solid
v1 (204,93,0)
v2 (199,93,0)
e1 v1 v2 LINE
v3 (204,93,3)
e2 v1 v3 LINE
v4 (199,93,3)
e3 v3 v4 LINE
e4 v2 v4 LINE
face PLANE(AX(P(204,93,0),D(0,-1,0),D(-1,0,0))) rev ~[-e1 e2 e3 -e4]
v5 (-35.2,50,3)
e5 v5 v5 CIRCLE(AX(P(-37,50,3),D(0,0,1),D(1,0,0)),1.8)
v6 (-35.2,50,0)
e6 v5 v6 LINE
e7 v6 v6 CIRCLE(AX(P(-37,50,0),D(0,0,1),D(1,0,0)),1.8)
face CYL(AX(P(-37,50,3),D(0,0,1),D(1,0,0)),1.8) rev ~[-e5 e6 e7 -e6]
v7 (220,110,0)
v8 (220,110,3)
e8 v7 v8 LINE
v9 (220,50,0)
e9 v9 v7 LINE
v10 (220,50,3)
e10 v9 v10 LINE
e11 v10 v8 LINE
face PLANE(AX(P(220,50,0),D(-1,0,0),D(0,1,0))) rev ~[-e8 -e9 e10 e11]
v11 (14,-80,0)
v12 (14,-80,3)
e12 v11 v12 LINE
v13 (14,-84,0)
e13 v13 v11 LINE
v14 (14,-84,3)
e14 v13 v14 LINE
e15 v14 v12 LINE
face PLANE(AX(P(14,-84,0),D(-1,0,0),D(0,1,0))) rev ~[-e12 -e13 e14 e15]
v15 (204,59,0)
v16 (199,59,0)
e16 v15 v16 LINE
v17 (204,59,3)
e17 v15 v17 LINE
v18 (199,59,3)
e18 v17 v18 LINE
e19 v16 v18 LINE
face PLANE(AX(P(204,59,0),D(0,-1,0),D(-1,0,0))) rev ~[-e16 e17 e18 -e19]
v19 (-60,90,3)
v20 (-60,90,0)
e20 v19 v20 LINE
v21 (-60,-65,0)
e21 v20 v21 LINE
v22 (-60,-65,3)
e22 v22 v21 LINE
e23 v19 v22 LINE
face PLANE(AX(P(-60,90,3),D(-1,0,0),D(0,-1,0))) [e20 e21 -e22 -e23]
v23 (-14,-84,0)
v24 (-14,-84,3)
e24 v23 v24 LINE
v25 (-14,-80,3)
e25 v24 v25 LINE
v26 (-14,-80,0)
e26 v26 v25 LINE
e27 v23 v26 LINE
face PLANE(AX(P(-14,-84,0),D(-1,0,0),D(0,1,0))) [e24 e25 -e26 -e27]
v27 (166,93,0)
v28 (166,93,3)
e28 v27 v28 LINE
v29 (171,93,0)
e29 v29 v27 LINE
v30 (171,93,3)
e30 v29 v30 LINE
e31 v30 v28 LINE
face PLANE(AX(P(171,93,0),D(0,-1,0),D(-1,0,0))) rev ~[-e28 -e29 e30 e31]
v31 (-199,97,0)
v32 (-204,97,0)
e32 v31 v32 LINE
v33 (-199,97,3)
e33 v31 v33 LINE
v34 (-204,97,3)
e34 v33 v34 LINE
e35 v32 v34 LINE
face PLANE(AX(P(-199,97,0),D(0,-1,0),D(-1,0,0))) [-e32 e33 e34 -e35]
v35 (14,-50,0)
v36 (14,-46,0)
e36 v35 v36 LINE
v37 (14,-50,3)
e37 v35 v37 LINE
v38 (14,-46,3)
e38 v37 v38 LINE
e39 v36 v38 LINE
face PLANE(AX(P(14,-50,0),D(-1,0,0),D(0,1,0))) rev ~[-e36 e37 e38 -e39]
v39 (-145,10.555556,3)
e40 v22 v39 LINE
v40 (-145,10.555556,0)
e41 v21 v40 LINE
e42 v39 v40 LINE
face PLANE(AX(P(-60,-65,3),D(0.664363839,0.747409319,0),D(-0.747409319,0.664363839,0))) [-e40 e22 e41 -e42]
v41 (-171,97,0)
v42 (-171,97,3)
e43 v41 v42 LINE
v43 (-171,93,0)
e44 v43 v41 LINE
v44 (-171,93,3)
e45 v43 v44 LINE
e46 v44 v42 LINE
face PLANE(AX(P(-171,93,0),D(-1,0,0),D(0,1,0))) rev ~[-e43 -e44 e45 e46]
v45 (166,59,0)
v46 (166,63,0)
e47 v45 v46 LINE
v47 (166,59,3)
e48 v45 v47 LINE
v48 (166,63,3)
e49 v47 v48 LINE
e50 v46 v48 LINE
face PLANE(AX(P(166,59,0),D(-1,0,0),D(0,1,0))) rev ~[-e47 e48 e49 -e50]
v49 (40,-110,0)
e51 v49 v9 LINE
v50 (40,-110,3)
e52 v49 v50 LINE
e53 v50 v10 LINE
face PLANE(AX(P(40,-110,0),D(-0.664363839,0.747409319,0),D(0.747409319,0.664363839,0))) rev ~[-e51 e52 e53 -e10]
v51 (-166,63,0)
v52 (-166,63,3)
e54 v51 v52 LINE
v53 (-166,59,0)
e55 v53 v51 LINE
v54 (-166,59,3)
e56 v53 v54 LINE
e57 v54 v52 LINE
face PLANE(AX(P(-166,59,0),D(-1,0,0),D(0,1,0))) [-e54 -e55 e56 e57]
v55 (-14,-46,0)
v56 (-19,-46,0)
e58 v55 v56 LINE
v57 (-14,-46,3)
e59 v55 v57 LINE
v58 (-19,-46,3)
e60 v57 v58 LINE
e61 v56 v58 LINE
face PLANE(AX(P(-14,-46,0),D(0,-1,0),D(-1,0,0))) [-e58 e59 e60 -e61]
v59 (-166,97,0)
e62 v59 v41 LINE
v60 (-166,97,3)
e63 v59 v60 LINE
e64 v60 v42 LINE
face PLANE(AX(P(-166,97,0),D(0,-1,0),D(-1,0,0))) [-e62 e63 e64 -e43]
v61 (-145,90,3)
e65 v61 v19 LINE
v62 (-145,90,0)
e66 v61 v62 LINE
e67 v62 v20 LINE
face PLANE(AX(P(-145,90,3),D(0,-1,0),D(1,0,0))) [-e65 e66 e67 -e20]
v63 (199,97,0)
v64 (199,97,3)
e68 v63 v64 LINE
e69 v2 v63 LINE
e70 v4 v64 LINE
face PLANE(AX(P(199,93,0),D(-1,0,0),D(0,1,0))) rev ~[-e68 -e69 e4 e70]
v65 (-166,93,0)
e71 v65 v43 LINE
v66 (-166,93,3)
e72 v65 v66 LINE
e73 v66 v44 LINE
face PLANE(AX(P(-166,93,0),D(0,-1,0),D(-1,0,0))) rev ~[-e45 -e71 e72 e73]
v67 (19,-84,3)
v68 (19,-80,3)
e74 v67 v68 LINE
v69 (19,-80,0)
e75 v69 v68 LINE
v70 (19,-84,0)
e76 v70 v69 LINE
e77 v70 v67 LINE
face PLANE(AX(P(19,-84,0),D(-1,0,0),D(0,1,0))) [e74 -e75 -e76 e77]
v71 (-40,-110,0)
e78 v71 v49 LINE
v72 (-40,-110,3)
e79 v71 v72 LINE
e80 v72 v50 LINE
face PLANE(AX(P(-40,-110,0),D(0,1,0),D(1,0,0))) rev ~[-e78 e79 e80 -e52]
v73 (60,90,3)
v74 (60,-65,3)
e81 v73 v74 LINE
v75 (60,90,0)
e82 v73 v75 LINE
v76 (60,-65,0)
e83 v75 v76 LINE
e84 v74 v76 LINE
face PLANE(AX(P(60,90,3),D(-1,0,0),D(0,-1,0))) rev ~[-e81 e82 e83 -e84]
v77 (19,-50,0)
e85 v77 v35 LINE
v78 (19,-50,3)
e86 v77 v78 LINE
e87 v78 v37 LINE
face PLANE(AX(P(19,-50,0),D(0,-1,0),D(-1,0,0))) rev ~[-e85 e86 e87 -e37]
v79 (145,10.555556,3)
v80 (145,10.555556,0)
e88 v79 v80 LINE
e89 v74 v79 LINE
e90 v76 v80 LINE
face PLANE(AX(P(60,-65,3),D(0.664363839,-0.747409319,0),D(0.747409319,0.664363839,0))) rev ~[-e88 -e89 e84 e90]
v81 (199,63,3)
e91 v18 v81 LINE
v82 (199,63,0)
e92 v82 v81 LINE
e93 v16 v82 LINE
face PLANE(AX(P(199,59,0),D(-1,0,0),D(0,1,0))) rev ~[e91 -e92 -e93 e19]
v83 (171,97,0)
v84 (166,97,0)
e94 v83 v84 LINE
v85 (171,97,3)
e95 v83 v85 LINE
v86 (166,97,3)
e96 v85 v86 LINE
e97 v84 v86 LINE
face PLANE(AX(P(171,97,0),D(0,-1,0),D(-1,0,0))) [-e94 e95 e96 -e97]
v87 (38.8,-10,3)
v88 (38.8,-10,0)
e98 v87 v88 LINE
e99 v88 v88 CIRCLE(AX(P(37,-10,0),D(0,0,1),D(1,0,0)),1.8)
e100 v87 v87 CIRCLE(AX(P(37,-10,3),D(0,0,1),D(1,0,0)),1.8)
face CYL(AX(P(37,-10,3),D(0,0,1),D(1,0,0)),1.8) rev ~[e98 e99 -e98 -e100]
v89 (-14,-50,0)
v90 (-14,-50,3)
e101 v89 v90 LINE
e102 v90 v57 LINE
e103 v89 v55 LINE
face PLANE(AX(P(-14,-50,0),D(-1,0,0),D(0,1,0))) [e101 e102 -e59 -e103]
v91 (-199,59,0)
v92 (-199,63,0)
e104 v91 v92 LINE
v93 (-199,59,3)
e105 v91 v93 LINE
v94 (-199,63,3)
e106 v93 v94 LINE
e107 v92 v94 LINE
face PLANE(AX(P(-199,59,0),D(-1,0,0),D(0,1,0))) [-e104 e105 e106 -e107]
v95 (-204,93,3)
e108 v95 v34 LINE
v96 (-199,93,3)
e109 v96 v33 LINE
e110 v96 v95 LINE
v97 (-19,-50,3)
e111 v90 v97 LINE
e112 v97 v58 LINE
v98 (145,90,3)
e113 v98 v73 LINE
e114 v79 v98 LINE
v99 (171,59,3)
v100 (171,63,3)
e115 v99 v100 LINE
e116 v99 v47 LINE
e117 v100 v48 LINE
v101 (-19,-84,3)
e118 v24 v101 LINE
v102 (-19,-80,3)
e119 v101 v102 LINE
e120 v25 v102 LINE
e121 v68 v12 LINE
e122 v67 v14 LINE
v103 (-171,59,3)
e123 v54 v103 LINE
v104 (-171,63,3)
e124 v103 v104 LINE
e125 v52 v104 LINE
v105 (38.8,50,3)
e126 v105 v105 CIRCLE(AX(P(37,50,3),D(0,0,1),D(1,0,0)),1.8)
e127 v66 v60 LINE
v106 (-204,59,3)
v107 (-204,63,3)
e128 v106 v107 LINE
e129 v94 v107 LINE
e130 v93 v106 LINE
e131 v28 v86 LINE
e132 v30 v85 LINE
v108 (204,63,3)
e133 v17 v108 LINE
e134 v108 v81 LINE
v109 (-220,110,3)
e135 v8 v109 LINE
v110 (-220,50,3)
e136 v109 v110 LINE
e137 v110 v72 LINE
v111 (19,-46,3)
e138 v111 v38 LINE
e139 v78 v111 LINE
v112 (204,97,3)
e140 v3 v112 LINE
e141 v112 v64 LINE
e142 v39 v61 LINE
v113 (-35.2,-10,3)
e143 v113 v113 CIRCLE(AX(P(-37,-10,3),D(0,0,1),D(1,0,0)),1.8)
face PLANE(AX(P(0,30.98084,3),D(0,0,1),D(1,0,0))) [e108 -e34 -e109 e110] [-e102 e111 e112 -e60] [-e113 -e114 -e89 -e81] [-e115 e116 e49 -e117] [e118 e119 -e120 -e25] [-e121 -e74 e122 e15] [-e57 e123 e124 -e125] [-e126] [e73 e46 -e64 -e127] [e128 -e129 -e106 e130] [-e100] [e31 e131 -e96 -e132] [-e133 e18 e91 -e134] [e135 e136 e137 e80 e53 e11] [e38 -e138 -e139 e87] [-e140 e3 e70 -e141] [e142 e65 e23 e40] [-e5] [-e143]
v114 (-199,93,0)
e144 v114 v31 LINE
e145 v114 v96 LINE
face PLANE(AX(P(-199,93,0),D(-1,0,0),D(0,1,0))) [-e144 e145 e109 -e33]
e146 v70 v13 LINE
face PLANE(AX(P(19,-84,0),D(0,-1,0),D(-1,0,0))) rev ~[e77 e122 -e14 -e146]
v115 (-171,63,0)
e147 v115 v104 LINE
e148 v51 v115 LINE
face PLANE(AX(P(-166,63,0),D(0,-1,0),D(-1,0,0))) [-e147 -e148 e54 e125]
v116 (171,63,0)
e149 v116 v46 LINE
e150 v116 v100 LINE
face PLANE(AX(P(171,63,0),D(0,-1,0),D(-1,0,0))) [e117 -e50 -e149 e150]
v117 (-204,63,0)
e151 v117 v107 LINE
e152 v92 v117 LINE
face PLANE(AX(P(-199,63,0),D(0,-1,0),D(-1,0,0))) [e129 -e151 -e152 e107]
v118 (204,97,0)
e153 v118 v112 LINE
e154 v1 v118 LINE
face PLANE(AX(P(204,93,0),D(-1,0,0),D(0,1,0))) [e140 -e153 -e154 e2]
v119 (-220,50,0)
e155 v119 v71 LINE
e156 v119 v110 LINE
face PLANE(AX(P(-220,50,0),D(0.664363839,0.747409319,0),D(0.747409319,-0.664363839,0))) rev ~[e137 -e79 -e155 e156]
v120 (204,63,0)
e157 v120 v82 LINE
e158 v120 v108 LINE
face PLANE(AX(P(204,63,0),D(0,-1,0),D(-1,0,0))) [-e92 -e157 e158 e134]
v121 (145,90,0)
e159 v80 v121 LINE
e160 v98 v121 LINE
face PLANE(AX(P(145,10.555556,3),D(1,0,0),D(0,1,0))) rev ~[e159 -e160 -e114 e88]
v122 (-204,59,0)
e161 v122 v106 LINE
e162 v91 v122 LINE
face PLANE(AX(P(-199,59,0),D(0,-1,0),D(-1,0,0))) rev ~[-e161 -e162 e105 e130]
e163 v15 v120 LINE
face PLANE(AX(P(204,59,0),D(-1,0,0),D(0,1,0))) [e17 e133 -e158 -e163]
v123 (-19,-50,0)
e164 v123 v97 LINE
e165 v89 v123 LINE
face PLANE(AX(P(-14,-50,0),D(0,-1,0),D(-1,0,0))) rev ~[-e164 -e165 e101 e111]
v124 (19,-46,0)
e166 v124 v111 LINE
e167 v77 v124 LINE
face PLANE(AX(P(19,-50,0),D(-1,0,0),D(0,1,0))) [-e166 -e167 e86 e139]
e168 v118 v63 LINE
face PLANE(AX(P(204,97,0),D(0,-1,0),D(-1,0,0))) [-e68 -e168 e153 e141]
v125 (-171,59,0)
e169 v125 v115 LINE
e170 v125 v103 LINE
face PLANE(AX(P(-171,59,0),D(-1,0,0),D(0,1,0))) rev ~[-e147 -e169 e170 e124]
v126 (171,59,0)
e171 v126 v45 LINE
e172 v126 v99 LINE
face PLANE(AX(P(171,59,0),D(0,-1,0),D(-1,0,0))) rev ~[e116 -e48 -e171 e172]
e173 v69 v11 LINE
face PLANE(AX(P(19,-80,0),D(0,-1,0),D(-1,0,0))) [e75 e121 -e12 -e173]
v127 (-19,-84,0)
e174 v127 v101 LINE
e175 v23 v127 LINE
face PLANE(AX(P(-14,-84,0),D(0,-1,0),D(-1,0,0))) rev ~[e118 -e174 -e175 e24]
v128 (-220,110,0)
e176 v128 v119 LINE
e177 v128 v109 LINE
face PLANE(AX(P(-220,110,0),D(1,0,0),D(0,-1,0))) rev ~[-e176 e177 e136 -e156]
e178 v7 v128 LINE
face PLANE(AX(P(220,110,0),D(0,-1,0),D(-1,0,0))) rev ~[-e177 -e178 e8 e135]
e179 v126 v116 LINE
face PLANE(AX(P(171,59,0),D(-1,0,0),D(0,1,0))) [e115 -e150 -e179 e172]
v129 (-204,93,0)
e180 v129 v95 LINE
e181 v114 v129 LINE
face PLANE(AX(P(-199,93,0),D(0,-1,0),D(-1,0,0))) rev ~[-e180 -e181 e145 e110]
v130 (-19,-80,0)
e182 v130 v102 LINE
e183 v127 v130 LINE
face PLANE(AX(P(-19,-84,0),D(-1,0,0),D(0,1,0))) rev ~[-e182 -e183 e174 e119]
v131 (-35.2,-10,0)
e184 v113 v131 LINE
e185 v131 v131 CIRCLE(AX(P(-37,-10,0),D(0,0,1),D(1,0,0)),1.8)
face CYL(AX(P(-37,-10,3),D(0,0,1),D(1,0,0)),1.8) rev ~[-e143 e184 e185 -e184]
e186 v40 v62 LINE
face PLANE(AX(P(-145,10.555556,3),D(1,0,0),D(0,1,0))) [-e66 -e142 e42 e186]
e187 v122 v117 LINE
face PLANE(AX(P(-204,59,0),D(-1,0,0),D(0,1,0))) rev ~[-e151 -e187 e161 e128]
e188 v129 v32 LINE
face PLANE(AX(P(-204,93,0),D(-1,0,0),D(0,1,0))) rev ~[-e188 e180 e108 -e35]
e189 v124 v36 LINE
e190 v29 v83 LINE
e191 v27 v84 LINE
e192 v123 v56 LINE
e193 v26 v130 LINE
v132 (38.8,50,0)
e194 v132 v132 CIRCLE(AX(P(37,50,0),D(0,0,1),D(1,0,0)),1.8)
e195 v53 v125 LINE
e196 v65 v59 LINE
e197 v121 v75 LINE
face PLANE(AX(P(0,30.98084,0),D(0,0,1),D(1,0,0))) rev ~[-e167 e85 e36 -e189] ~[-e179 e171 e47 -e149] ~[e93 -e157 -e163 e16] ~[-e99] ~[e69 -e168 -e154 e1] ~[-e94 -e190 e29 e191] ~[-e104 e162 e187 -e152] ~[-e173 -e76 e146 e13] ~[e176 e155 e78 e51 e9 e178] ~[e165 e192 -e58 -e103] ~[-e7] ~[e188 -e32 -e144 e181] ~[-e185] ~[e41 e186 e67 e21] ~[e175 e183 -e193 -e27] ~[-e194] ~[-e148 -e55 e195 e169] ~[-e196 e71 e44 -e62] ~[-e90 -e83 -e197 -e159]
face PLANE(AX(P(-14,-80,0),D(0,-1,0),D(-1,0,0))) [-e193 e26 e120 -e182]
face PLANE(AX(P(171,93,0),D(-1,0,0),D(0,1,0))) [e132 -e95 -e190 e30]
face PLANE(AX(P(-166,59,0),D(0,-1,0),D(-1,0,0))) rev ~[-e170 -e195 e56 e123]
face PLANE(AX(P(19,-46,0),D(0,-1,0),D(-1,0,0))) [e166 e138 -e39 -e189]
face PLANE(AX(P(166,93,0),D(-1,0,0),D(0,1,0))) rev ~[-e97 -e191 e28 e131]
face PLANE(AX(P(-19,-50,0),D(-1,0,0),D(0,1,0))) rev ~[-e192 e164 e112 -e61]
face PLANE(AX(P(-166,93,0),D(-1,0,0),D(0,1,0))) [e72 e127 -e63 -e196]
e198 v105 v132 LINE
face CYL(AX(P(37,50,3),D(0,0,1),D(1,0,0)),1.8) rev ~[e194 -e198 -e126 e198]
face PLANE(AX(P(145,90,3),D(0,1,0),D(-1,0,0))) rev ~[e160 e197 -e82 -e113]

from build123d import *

# Parameters (mm, degrees)
BOSS_EXTRU_1_DEPTH      = 3
ESQUISSE2_W             = 5
ESQUISSE2_H             = 4
ENL_V_MAT_EXTRU_1_DEPTH = 3
ESQUISSE4_R             = 1.8
ENL_V_MAT_EXTRU_2_DEPTH = 3
ENL_V_MAT_EXTRU_3_DEPTH = 3


with BuildPart() as part:
    # Esquisse1 → Boss.-Extru.1 (new body)
    with BuildSketch(Plane.XY):
        Polygon((-220, 50), (-40, -110), (40, -110), (220, 50), (220, 110), (-220, 110), align=None)
    extrude(amount=BOSS_EXTRU_1_DEPTH)

    # Esquisse2 → Enlèv. mat.-Extru.1 (cut)
    with BuildSketch(Plane(origin=(0, 0, 0), x_dir=(-1, 0, 0), z_dir=(0, 0, -1))):
        with Locations((-201.5, 95)):
            Rectangle(ESQUISSE2_W, ESQUISSE2_H)
        with Locations((-168.5, 95)):
            Rectangle(ESQUISSE2_W, ESQUISSE2_H)
        with Locations((-168.5, 61)):
            Rectangle(ESQUISSE2_W, ESQUISSE2_H)
        with Locations((-201.5, 61)):
            Rectangle(ESQUISSE2_W, ESQUISSE2_H)
        with Locations((168.5, 61)):
            Rectangle(ESQUISSE2_W, ESQUISSE2_H)
        with Locations((201.5, 61)):
            Rectangle(ESQUISSE2_W, ESQUISSE2_H)
        with Locations((168.5, 95)):
            Rectangle(ESQUISSE2_W, ESQUISSE2_H)
        with Locations((201.5, 95)):
            Rectangle(ESQUISSE2_W, ESQUISSE2_H)
        with Locations((-16.5, -48)):
            Rectangle(ESQUISSE2_W, ESQUISSE2_H)
        with Locations((16.5, -48)):
            Rectangle(ESQUISSE2_W, ESQUISSE2_H)
        with Locations((16.5, -82)):
            Rectangle(ESQUISSE2_W, ESQUISSE2_H)
        with Locations((-16.5, -82)):
            Rectangle(ESQUISSE2_W, ESQUISSE2_H)
    extrude(amount=-ENL_V_MAT_EXTRU_1_DEPTH, mode=Mode.SUBTRACT)

    # Esquisse4 → Enlèv. mat.-Extru.2 (cut)
    with BuildSketch(Plane.XY.offset(3)):
        with Locations((-37, 50)):
            Circle(ESQUISSE4_R)
        with Locations((37, 50)):
            Circle(ESQUISSE4_R)
        with Locations((-37, -10)):
            Circle(ESQUISSE4_R)
        with Locations((37, -10)):
            Circle(ESQUISSE4_R)
    extrude(amount=-ENL_V_MAT_EXTRU_2_DEPTH, mode=Mode.SUBTRACT)

    # Esquisse5 → Enlèv. mat.-Extru.3 (cut)
    with BuildSketch(Plane.XY.offset(3)):
        Polygon((-145, 90), (-60, 90), (-60, -65), (-145, 10.555555556), align=None)
        Polygon((145, 90), (60, 90), (60, -65), (145, 10.555555556), align=None)
    extrude(amount=-ENL_V_MAT_EXTRU_3_DEPTH, mode=Mode.SUBTRACT)


solid = part.part
